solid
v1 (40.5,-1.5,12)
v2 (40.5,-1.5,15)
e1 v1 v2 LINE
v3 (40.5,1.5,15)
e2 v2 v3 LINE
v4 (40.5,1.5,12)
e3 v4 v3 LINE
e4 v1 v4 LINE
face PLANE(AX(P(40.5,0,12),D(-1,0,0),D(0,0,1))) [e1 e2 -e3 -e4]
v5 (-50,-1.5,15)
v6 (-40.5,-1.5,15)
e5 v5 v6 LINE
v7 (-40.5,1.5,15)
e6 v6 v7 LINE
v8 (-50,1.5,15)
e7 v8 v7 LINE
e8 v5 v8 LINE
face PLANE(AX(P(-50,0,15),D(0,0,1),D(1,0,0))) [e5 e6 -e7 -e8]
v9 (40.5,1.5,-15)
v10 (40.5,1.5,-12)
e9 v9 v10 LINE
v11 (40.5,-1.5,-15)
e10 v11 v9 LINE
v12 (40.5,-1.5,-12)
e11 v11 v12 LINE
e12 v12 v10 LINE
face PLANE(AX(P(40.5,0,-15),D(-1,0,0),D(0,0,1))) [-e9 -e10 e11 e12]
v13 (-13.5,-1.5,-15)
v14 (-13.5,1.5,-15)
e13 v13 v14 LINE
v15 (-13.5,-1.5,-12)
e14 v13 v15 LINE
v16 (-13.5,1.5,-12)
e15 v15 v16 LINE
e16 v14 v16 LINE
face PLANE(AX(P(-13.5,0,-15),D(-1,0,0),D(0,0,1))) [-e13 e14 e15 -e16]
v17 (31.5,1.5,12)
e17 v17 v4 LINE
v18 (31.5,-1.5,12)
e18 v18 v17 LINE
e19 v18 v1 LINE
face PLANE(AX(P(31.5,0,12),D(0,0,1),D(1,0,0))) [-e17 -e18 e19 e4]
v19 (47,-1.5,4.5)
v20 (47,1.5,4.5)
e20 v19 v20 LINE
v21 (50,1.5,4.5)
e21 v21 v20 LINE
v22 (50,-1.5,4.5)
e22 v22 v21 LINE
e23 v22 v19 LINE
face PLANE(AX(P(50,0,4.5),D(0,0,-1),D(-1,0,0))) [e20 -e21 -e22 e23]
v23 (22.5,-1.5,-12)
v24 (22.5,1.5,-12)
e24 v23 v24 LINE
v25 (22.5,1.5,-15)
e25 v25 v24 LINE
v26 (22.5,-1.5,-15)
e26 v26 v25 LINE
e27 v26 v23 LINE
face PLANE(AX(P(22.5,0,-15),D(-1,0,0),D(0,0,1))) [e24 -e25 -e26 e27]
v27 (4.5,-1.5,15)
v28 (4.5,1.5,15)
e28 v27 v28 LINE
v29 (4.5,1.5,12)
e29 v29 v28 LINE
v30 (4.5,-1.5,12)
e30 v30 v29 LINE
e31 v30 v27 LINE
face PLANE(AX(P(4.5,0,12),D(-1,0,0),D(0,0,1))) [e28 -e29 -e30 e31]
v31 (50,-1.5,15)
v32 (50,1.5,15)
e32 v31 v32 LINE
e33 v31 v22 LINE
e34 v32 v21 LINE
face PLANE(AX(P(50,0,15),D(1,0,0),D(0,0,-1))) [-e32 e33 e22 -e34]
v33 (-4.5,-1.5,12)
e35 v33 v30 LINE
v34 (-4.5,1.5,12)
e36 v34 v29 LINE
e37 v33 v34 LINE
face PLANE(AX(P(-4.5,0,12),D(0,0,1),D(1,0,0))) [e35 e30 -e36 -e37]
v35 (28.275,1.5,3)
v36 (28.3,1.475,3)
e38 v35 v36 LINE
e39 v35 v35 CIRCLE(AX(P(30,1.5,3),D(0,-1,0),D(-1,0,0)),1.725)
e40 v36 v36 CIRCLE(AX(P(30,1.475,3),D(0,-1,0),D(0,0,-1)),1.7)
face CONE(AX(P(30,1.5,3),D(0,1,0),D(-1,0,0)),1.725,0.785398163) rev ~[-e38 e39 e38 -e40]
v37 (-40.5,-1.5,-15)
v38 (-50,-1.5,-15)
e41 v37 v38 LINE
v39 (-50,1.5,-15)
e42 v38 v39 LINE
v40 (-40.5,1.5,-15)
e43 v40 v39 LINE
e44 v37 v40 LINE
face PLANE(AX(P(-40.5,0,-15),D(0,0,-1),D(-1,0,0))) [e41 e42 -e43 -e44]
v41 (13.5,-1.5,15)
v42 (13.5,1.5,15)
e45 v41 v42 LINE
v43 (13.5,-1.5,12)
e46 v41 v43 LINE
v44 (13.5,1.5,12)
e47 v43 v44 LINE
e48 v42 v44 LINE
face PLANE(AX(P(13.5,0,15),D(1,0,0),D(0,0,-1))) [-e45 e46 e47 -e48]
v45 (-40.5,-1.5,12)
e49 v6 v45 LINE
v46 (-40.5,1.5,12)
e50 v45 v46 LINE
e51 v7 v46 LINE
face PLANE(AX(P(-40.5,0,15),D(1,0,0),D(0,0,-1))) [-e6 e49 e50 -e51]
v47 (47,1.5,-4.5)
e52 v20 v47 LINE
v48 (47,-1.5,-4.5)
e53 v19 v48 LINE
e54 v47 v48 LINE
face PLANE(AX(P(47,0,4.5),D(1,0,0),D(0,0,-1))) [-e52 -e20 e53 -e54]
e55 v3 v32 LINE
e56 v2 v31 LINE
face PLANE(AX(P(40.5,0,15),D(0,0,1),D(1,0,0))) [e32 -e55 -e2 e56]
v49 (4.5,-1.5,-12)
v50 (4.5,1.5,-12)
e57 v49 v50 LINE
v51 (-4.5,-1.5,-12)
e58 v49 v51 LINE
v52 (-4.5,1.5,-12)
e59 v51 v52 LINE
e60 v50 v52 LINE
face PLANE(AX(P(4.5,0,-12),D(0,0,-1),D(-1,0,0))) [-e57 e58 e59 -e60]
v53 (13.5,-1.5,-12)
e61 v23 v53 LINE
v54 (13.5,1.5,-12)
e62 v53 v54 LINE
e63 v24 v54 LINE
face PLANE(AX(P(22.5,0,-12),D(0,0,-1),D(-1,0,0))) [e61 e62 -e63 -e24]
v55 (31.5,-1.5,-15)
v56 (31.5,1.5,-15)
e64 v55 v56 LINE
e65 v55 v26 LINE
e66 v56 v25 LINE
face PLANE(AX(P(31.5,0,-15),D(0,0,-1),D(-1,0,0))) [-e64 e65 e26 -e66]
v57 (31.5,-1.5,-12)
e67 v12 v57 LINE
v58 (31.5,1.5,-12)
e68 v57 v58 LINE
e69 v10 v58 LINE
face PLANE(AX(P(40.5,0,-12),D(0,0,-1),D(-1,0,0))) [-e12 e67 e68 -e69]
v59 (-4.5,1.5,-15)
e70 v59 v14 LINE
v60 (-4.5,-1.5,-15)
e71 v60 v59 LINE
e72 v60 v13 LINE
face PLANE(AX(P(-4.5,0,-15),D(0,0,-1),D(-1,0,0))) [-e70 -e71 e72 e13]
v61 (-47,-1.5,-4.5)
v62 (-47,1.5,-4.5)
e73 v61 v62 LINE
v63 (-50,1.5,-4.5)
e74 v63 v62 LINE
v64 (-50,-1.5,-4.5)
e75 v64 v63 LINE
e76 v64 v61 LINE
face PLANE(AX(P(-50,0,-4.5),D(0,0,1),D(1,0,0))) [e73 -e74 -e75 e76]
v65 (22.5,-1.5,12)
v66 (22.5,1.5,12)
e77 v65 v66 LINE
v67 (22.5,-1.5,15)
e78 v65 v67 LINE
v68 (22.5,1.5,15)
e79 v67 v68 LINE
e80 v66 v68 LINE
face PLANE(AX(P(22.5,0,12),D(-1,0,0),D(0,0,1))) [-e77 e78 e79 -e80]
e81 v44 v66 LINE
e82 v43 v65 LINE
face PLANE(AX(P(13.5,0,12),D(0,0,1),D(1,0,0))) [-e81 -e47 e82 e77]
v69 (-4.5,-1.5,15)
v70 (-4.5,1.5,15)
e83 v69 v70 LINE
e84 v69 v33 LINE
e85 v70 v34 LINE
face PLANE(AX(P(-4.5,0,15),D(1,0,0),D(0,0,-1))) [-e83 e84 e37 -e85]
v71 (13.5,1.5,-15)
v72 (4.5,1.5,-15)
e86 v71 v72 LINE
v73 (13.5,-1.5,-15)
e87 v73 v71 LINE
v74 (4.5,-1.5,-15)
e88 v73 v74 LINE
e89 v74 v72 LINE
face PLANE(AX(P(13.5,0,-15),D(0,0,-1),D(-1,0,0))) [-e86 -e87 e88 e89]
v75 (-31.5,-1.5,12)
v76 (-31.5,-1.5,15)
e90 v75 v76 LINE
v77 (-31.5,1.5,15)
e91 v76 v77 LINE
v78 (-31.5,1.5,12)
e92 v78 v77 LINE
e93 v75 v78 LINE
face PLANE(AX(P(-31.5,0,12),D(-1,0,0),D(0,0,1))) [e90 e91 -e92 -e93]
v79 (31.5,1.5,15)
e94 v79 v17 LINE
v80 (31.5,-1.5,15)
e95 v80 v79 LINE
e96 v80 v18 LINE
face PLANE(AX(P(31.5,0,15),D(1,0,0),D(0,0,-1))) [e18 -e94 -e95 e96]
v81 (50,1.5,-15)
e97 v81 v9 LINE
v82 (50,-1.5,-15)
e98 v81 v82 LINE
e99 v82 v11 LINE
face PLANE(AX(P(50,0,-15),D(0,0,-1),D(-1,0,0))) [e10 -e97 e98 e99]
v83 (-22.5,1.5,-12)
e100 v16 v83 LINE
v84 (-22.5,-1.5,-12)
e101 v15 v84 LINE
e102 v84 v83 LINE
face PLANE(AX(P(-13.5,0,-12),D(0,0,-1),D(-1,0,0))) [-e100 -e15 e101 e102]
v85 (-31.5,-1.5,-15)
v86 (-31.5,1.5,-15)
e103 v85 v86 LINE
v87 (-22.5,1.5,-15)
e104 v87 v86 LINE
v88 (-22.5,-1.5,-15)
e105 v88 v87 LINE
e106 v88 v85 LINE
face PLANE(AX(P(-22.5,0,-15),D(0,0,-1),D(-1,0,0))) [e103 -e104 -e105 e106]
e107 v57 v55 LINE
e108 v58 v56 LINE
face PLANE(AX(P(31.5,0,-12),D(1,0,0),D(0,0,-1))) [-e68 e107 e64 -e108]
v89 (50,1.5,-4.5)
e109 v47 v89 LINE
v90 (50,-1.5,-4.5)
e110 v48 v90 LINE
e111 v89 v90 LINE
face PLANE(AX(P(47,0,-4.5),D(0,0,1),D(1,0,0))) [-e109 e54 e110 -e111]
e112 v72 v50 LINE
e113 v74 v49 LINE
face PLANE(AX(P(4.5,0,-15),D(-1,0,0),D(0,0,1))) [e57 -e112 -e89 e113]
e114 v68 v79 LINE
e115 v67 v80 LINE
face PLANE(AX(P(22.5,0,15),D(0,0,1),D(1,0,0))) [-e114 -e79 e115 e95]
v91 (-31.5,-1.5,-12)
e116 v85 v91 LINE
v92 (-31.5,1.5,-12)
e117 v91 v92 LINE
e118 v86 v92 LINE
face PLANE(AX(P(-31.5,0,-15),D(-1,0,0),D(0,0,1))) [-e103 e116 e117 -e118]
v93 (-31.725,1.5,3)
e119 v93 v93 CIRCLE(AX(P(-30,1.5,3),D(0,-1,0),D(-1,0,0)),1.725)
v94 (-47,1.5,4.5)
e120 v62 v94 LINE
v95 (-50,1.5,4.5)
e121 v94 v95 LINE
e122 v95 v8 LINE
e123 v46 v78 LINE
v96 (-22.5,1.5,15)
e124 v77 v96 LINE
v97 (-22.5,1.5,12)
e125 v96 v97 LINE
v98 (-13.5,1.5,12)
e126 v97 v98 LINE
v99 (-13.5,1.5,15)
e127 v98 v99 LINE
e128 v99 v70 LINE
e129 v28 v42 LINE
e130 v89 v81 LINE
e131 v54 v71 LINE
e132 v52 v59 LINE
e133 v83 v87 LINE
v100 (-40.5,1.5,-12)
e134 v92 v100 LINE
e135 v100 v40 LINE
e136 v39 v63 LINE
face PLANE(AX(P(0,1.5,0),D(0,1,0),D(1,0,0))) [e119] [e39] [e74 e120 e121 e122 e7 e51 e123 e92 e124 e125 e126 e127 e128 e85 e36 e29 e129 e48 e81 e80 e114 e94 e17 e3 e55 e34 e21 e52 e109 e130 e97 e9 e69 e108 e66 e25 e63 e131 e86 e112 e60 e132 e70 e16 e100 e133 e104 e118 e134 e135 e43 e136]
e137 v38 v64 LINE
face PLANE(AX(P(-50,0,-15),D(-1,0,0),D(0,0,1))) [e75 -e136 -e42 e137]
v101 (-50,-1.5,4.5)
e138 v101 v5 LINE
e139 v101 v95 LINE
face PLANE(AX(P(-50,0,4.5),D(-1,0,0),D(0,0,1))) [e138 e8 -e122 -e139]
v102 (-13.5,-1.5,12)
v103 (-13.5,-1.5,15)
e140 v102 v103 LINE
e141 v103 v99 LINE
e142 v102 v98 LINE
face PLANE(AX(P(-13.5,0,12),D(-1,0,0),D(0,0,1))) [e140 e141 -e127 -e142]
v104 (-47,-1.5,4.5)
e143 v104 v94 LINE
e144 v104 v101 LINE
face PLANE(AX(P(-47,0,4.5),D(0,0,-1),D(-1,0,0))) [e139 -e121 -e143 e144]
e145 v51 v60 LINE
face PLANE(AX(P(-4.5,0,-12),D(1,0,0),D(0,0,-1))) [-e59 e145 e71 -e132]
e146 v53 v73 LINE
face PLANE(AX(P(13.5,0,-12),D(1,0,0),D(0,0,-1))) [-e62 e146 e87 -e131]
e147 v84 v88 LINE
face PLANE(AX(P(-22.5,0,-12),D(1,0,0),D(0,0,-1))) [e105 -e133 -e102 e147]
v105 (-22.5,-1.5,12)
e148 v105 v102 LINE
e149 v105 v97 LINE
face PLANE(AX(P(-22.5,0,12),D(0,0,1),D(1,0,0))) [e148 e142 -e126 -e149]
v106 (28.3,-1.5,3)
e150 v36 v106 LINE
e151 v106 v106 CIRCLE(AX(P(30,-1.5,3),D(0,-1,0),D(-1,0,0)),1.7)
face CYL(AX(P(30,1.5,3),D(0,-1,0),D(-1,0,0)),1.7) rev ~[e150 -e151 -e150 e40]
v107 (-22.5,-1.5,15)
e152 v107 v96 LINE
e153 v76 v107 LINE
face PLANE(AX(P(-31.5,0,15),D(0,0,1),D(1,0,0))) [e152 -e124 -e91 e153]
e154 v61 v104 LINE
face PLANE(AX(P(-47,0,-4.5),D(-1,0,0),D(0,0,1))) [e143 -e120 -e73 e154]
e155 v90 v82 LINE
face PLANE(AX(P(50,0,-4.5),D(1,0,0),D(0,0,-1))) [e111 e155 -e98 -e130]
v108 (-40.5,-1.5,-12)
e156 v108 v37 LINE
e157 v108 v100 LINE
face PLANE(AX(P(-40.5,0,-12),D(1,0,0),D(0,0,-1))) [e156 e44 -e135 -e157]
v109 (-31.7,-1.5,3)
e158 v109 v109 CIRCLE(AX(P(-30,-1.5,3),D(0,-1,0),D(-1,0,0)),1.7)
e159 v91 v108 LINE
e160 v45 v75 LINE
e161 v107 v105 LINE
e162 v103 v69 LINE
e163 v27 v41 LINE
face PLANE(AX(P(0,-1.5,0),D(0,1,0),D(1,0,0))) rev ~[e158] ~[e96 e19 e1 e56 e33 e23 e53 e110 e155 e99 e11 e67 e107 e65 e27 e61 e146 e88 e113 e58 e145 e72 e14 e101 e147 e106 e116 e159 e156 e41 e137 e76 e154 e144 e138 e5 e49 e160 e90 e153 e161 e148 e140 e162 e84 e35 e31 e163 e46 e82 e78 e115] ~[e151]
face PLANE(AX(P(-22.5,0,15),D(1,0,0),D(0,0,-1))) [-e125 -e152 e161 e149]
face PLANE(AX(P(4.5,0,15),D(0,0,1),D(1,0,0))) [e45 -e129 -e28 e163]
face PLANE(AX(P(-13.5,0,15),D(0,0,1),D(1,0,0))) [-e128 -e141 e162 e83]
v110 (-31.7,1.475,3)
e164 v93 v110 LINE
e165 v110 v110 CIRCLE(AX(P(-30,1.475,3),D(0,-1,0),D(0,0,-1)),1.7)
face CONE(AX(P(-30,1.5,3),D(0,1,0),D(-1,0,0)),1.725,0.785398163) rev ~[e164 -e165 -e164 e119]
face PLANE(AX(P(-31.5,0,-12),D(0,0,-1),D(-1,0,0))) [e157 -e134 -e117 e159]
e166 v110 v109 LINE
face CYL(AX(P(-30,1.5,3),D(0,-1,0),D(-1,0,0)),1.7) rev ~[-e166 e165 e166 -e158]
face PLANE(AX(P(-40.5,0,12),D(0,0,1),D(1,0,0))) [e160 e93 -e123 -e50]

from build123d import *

# Parameters (mm, degrees)
BOSS_EXTRUDE1_DEPTH            = 1.5
M3_CLEARANCE_HOLE1_D           = 3.4
M3_CLEARANCE_HOLE1_CSINK_D     = 3.45
M3_CLEARANCE_HOLE1_CSINK_ANGLE = 90


with BuildPart() as part:
    # Sketch1 → Boss-Extrude1 (new, symmetric)
    with BuildSketch(Plane(origin=(0, 0, 0), x_dir=(1, 0, 0), z_dir=(0, 1, 0))):
        Polygon((50, 15), (47, 15), (40.5, 15), (40.5, 12), (31.5, 12), (31.5, 15), (22.5, 15), (22.5, 12), (13.5, 12), (13.5, 15), (4.5, 15), (4.5, 12), (-4.5, 12), (-4.5, 15), (-13.5, 15), (-13.5, 12), (-22.5, 12), (-22.5, 15), (-31.5, 15), (-31.5, 12), (-40.5, 12), (-40.5, 15), (-47, 15), (-50, 15), (-50, 12), (-50, 4.5), (-47, 4.5), (-47, -4.5), (-50, -4.5), (-50, -12), (-50, -15), (-47, -15), (-40.5, -15), (-40.5, -12), (-31.5, -12), (-31.5, -15), (-22.5, -15), (-22.5, -12), (-13.5, -12), (-13.5, -15), (-4.5, -15), (-4.5, -12), (4.5, -12), (4.5, -15), (13.5, -15), (13.5, -12), (22.5, -12), (22.5, -15), (31.5, -15), (31.5, -12), (40.5, -12), (40.5, -15), (47, -15), (50, -15), (50, -12), (50, -4.5), (47, -4.5), (47, 4.5), (50, 4.5), (50, 12), align=None)
    extrude(amount=BOSS_EXTRUDE1_DEPTH, both=True)

    # M3 Clearance Hole1 (through all)
    with Locations(Plane(origin=(0, 1.5, 0), x_dir=(1, 0, 0), z_dir=(0, 1, 0))):
        with Locations((-30, -3), (30, -3)):
            CounterSinkHole(M3_CLEARANCE_HOLE1_D / 2, M3_CLEARANCE_HOLE1_CSINK_D / 2, counter_sink_angle=M3_CLEARANCE_HOLE1_CSINK_ANGLE)


solid = part.part
